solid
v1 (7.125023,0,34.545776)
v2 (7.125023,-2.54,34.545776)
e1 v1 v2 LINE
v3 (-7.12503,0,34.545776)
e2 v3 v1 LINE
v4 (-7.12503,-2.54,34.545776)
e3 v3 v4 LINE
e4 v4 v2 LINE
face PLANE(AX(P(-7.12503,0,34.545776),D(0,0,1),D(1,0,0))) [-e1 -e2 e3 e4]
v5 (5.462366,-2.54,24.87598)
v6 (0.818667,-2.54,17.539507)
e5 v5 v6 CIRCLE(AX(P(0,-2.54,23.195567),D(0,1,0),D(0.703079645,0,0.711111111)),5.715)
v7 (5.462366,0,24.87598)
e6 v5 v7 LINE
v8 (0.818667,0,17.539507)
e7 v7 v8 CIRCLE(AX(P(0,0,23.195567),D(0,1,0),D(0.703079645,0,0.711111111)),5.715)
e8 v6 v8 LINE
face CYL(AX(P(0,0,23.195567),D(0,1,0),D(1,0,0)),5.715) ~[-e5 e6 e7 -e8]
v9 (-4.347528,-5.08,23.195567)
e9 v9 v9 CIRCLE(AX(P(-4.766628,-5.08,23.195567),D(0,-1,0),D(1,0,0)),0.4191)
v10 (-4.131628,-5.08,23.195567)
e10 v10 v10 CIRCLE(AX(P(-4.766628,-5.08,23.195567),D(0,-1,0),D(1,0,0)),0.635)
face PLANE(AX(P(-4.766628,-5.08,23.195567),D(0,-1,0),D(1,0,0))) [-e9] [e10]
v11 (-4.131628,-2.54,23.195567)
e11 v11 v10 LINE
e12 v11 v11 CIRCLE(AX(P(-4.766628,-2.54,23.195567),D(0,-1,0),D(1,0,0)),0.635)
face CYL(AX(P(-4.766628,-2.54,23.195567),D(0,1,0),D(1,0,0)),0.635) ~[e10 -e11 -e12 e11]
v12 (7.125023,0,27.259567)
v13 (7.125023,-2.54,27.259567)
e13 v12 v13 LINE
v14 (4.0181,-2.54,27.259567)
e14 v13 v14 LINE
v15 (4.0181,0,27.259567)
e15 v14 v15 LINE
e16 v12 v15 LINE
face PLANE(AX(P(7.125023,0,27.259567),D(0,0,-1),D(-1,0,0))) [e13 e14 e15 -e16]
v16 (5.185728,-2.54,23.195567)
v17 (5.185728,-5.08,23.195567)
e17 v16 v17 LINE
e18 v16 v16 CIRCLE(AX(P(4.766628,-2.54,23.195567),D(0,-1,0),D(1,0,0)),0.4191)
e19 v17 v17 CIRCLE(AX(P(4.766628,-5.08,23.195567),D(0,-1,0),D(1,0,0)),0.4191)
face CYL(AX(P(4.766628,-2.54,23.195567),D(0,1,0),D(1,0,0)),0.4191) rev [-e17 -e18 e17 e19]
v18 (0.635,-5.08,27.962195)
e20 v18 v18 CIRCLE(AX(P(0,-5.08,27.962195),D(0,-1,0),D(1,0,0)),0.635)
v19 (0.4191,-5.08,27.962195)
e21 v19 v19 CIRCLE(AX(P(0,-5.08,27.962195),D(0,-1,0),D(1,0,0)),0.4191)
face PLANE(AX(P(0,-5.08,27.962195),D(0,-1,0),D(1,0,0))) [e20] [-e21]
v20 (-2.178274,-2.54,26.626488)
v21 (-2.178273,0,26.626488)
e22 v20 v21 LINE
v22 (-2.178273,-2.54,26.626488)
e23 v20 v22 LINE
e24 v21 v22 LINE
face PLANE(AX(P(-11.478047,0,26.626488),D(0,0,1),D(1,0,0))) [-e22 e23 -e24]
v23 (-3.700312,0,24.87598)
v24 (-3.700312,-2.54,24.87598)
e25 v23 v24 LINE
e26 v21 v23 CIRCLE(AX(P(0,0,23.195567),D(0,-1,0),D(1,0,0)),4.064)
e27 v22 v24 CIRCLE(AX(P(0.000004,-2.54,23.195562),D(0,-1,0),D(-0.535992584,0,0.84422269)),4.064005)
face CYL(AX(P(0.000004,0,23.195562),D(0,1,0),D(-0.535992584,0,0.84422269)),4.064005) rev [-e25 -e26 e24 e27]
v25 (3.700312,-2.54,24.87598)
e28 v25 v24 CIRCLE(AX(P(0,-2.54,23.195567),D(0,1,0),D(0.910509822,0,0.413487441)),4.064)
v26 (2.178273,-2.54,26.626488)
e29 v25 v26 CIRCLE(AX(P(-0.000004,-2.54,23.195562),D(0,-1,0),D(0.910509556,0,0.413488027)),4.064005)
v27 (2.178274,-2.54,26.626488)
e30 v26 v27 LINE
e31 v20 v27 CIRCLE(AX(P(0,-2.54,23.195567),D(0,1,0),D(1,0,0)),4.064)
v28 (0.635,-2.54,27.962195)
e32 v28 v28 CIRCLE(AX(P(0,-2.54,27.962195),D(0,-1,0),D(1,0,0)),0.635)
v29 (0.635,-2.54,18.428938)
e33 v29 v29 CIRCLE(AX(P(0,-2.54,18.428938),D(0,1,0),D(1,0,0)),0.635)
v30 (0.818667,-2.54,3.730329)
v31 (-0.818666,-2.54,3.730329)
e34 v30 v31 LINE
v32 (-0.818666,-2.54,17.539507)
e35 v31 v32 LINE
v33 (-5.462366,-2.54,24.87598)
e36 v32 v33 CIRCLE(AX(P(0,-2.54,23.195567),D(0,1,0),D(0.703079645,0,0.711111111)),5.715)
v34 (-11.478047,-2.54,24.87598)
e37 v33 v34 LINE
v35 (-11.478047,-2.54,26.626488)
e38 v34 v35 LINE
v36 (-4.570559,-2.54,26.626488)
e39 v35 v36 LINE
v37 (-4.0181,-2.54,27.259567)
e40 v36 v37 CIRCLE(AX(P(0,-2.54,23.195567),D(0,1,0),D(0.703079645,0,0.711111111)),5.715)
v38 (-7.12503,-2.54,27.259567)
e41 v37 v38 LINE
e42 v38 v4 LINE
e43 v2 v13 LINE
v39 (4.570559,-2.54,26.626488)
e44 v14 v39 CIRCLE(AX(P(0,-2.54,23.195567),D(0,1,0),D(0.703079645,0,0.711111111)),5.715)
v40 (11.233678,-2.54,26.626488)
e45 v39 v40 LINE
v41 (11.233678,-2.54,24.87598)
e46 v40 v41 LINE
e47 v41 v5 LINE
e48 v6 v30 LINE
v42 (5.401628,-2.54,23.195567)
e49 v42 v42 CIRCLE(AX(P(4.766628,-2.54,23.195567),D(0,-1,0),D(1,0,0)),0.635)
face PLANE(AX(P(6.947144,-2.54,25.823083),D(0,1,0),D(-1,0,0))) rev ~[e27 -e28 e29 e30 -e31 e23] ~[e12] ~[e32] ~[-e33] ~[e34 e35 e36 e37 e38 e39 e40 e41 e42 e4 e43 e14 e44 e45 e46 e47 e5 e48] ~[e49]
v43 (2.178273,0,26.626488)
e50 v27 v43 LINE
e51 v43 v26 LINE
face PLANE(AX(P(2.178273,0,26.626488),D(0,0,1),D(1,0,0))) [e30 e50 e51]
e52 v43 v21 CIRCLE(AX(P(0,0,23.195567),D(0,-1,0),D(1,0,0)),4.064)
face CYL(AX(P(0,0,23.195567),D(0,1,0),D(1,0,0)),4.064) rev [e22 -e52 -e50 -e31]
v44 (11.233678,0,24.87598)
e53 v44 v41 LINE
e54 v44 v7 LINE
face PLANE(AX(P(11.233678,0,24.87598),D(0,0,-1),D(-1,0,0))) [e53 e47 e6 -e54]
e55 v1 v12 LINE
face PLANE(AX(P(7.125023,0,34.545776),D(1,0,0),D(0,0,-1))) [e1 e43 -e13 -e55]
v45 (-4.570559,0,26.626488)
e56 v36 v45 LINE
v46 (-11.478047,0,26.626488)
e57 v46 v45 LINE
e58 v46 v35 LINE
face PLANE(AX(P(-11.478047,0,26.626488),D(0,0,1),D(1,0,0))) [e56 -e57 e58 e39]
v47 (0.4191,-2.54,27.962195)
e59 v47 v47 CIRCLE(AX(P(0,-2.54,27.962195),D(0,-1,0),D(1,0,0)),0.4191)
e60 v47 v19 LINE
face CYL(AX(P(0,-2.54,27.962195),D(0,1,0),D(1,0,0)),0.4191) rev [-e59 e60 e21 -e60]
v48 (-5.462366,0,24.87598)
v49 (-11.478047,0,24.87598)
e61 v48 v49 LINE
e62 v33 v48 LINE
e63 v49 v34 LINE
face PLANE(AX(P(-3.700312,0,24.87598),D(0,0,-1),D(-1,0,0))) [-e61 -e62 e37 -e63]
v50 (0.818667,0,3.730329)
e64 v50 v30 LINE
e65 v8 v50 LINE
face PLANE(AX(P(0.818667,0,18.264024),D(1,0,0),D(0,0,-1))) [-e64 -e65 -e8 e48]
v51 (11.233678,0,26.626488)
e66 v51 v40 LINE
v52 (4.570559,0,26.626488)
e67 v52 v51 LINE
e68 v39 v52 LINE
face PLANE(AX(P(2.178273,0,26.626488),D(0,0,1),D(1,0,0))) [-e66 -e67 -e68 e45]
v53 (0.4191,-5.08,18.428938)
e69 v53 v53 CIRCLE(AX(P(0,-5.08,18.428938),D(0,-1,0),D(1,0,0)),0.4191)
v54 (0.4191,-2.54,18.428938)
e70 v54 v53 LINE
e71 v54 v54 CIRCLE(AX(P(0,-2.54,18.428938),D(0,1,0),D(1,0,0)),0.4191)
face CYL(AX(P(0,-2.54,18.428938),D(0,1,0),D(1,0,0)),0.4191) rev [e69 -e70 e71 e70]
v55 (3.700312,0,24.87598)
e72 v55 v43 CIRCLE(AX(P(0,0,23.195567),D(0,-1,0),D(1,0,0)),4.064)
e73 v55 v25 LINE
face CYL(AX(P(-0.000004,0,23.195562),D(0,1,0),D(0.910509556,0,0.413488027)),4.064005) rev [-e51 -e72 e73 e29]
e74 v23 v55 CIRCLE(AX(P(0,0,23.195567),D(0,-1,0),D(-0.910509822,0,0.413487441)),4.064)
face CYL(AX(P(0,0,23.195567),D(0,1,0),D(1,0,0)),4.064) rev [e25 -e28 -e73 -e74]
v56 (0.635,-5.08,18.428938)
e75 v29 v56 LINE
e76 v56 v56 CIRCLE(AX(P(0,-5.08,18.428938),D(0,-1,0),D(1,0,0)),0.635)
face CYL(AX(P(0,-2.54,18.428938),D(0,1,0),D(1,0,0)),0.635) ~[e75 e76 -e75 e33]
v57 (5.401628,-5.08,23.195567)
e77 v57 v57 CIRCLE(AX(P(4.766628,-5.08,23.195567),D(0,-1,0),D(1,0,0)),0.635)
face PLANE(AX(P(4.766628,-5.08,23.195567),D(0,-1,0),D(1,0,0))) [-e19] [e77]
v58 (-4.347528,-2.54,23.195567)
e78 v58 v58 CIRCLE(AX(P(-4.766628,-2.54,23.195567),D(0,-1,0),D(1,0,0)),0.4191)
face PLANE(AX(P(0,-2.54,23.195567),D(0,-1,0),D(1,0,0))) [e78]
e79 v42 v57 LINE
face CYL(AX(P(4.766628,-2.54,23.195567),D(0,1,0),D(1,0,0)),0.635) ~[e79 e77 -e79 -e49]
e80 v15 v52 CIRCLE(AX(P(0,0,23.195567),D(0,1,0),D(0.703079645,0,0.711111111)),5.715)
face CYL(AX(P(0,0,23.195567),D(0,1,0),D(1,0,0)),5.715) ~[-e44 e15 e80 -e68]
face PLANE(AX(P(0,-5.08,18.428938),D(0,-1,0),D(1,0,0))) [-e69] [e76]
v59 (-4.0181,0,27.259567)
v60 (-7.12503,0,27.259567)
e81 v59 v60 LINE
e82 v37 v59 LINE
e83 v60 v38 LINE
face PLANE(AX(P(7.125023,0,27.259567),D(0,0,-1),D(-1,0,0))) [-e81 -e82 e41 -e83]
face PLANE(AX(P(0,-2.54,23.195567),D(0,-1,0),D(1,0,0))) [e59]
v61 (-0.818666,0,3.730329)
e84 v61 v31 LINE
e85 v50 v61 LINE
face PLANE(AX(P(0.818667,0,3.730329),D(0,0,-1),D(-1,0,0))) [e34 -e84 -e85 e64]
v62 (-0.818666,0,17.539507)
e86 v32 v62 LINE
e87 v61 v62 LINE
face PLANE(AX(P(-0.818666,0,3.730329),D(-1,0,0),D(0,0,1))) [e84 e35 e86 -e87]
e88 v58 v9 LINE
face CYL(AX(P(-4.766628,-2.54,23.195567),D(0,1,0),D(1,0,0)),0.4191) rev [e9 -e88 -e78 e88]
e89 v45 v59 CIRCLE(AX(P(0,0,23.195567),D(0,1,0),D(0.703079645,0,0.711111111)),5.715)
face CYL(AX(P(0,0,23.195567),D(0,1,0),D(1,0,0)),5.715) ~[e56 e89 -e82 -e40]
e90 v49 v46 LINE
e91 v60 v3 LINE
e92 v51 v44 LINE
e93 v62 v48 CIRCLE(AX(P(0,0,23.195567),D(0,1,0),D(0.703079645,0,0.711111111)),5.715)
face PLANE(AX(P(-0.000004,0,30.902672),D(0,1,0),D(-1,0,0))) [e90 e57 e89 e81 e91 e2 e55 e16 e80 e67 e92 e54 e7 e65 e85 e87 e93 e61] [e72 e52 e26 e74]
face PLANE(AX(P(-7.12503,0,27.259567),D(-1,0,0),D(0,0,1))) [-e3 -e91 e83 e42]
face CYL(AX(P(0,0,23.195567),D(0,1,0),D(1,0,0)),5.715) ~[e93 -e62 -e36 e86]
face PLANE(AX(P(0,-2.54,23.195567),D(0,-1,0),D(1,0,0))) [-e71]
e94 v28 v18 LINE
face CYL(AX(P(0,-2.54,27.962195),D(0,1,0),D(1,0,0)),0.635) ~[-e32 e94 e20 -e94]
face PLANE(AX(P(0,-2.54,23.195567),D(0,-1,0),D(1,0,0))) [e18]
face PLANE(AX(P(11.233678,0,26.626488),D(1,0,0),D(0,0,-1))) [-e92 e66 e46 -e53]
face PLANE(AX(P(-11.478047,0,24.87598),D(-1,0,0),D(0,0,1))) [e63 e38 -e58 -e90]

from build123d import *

# Parameters (mm, degrees)
F0_R     = 5.715
F0_R_2   = 4.064
F1_DEPTH = 2.54
F2_R     = 0.635
F2_R_2   = 0.4191
F3_DEPTH = 2.54
F5_DEPTH = 2.54
F7_DEPTH = 2.54
F9_DEPTH = 2.54


with BuildPart() as f1:
    # F0 (on Front) → F1 (new body)
    with BuildSketch(Plane.XZ):
        with Locations((0, 23.195567)):
            Circle(F0_R)
        with Locations((0, 23.195567)):
            Circle(F0_R_2, mode=Mode.SUBTRACT)
    extrude(amount=F1_DEPTH)

    # F2 (on face) → F3 (join)
    with BuildSketch(Plane.XZ.offset(2.54)):
        with Locations((0, 27.962195)):
            Circle(F2_R)
        with Locations((0, 27.962195)):
            Circle(F2_R_2, mode=Mode.SUBTRACT)
        with Locations((-4.766628, 23.195567)):
            Circle(F2_R)
        with Locations((-4.766628, 23.195567)):
            Circle(F2_R_2, mode=Mode.SUBTRACT)
        with Locations((0, 18.428938)):
            Circle(F2_R)
        with Locations((0, 18.428938)):
            Circle(F2_R_2, mode=Mode.SUBTRACT)
        with Locations((4.766628, 23.195567)):
            Circle(F2_R)
        with Locations((4.766628, 23.195567)):
            Circle(F2_R_2, mode=Mode.SUBTRACT)
    extrude(amount=F3_DEPTH)

    # F4 (on face) → F5 (join)
    with BuildSketch(Plane(origin=(0, 0, 0), x_dir=(-1, 0, 0), z_dir=(0, 1, 0))):
        Polygon((-7.125023, 27.259567), (0, 27.259567), (7.12503, 27.259567), (7.12503, 34.545776), (-7.125023, 34.545776), align=None)
    extrude(amount=-F5_DEPTH)

    # F6 (on face) → F7 (join)
    with BuildSketch(Plane(origin=(0, 0, 0), x_dir=(-1, 0, 0), z_dir=(0, 1, 0))):
        Polygon((0.818666, 18.264024), (0, 18.264024), (-0.818667, 18.264024), (-0.818667, 3.730329), (0.818666, 3.730329), align=None)
    extrude(amount=-F7_DEPTH)

    # F8 (on face) → F9 (join)
    with BuildSketch(Plane(origin=(0, 0, 0), x_dir=(-1, 0, 0), z_dir=(0, 1, 0))):
        with BuildLine():
            Line((-2.178273, 26.626488), (-11.233678, 26.626488))
            Line((-11.233678, 26.626488), (-11.233678, 24.87598))
            Line((-11.233678, 24.87598), (-3.700312, 24.87598))
            ThreePointArc((-3.700312, 24.87598), (-3.06684, 25.862135), (-2.178273, 26.626488))
        make_face()
        with BuildLine():
            Line((11.478047, 24.87598), (11.478047, 26.626488))
            Line((11.478047, 26.626488), (2.178273, 26.626488))
            ThreePointArc((2.178273, 26.626488), (3.06684, 25.862135), (3.700312, 24.87598))
            Line((3.700312, 24.87598), (11.478047, 24.87598))
        make_face()
    extrude(amount=-F9_DEPTH)


solid = f1.part
